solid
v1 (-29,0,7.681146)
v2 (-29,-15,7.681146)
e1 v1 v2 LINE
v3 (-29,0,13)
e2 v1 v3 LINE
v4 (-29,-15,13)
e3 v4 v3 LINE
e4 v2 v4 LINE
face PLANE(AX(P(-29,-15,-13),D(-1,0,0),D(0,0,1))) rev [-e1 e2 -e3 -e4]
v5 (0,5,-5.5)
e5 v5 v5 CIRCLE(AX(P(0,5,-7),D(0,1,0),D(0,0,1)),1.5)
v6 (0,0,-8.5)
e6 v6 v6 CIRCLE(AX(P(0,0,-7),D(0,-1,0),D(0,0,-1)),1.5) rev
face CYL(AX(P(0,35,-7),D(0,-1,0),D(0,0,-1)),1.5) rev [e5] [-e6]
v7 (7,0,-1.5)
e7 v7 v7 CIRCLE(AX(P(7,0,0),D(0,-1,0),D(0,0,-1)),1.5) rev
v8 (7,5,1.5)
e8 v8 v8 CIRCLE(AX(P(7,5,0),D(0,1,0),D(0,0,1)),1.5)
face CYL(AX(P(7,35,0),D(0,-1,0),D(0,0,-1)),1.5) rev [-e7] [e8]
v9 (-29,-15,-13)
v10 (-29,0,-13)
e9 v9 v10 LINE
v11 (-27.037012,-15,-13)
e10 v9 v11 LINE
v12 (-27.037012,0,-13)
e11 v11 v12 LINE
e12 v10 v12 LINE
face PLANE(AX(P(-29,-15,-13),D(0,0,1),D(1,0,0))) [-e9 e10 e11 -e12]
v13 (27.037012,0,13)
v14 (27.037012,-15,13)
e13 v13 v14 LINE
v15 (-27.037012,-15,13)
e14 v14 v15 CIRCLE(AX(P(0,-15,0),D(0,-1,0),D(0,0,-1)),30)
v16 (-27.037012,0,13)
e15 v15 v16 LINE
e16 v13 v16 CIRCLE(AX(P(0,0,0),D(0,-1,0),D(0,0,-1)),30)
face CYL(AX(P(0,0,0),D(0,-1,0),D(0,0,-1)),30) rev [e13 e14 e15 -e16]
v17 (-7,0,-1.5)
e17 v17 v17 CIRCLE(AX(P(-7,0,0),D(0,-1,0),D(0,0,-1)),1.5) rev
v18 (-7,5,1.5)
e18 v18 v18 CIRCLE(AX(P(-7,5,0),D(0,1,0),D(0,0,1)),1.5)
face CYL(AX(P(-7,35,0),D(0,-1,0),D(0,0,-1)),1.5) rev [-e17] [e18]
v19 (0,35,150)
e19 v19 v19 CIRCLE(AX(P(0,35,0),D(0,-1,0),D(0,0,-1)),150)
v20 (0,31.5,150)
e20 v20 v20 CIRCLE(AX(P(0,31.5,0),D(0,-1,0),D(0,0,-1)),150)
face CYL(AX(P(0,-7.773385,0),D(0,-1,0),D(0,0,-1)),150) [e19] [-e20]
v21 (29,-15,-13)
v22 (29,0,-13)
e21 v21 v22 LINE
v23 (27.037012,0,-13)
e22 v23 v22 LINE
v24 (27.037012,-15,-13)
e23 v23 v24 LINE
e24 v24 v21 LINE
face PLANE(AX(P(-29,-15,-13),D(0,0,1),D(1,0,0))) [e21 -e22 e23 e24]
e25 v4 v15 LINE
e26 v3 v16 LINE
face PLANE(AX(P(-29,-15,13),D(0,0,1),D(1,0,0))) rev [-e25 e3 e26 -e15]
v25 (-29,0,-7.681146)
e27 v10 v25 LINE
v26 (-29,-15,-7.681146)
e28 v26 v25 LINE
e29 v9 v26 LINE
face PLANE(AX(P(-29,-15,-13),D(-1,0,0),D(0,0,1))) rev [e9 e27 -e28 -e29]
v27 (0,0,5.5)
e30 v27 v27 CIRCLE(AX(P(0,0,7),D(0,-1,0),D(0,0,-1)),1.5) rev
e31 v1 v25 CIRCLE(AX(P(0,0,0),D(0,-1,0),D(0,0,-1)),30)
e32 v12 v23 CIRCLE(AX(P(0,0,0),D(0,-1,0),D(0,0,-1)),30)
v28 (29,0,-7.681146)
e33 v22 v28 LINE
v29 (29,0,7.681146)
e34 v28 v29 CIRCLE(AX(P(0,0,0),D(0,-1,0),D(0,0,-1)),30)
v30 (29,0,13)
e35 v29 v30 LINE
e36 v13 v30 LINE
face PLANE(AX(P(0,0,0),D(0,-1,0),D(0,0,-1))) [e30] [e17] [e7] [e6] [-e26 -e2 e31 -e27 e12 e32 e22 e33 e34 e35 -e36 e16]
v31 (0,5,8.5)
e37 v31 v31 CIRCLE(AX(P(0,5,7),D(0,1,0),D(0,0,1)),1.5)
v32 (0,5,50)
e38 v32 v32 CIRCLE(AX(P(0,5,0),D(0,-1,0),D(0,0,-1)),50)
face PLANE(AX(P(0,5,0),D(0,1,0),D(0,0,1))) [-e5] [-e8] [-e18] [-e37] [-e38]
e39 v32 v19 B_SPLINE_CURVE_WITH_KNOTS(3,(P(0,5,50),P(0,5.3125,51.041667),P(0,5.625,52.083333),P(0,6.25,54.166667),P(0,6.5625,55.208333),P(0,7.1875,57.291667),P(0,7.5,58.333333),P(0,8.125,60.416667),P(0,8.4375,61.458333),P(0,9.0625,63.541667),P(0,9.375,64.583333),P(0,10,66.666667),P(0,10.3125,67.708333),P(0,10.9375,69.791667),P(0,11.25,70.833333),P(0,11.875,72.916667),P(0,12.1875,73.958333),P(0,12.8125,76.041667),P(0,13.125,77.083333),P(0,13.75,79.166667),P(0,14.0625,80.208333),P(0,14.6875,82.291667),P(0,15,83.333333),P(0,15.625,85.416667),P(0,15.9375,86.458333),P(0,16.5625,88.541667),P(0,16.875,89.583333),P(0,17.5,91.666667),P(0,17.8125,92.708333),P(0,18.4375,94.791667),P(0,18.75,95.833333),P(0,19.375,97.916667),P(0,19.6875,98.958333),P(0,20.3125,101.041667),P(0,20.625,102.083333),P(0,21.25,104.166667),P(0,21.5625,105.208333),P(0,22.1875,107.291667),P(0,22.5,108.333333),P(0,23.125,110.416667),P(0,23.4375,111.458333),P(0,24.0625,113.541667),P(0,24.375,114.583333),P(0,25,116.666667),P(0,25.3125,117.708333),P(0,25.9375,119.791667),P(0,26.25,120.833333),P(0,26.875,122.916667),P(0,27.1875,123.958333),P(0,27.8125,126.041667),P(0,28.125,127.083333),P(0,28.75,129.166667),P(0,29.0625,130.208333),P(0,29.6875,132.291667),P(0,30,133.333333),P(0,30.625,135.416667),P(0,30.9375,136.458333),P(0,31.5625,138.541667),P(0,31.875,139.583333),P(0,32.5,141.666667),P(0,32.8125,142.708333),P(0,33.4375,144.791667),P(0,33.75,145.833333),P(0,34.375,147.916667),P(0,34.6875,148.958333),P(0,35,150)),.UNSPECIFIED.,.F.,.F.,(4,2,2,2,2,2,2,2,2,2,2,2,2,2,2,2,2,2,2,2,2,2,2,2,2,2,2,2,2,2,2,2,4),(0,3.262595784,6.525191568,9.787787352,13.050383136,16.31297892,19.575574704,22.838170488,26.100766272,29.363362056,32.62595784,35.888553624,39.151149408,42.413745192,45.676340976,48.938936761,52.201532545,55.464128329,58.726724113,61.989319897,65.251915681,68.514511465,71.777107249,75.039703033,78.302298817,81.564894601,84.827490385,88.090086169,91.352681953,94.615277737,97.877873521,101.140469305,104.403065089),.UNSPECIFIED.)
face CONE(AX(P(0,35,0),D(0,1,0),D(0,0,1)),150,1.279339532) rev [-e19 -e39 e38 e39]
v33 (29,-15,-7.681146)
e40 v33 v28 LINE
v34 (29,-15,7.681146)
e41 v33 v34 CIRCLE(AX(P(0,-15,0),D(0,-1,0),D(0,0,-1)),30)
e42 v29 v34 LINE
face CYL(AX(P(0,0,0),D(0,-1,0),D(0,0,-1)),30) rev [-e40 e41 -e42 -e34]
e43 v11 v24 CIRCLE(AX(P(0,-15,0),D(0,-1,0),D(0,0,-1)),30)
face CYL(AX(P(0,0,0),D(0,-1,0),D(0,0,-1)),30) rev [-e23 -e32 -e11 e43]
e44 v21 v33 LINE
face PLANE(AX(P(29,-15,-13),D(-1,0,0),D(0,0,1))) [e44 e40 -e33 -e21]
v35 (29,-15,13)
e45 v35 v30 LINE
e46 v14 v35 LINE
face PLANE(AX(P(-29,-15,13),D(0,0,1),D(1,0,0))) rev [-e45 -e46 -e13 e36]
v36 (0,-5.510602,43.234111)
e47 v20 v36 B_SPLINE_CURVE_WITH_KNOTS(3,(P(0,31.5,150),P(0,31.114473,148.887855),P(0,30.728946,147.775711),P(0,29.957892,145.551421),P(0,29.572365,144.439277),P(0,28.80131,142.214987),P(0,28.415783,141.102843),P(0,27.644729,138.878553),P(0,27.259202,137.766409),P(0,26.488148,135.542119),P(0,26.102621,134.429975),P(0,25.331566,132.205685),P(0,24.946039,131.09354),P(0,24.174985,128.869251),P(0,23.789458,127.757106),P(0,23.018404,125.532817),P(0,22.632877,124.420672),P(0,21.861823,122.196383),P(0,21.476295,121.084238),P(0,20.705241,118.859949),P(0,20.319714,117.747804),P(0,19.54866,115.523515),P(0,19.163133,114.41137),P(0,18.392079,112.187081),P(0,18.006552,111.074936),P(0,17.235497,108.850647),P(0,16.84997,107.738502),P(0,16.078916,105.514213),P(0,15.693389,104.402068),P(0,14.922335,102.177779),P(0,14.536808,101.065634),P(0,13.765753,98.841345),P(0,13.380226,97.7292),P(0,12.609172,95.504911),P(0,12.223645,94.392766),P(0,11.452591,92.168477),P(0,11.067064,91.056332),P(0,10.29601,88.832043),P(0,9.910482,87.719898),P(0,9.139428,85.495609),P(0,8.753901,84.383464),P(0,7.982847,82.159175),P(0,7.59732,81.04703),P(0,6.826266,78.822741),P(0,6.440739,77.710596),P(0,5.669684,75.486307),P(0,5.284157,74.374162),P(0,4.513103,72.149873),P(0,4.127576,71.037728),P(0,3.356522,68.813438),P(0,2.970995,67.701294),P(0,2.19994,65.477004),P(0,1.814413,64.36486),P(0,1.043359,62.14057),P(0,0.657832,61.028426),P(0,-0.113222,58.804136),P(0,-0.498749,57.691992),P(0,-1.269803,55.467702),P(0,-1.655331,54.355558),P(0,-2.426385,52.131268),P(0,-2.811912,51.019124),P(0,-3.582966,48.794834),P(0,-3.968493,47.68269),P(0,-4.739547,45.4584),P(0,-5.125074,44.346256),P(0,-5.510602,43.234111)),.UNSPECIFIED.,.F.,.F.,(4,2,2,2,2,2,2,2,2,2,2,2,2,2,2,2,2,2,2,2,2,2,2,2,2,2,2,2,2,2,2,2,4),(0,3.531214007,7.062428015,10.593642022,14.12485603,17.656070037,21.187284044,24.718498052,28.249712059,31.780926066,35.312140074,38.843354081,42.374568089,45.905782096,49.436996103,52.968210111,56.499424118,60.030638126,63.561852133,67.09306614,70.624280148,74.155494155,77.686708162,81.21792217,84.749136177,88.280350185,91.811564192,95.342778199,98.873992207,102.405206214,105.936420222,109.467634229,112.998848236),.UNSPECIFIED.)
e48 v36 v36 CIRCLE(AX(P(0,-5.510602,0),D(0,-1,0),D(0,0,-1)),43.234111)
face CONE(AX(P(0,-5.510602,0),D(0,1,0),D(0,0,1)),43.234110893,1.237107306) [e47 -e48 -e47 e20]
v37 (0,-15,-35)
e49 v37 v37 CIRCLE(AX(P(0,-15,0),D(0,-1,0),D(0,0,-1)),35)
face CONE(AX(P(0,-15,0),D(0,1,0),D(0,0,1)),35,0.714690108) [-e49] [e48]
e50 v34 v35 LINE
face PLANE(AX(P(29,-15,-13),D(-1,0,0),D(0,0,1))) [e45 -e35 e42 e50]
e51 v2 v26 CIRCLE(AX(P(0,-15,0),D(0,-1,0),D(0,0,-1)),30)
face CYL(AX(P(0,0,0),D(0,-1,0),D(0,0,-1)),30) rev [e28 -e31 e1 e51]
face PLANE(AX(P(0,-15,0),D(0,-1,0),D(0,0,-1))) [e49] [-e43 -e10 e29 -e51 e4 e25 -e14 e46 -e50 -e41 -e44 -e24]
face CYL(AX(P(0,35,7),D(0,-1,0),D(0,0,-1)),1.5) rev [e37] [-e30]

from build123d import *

# Parameters (mm, degrees)
SKETCH3_R          = 1.5
CUT_EXTRUDE1_DEPTH = 218.944947177
SKETCH4_R          = 30
CUT_EXTRUDE2_DEPTH = 15
SKETCH5_W          = 58
SKETCH5_H          = 26
CUT_EXTRUDE3_DEPTH = 216


with BuildPart() as part:
    # Sketch2 → Revolve1 (revolve)
    with BuildSketch(Plane.XY, mode=Mode.PRIVATE) as revolve1_sk:
        Polygon((0, 0), (35, 0), (43.234110893, 9.489398467), (150, 46.5), (150, 50), (50, 20), (0, 20), (0, 7.226614915), align=None)
    revolve(revolve1_sk.sketch.rotate(Axis((0, 7.226614915, 0), (0, 1, 0)), 270), axis=Axis((0, 7.226614915, 0), (0, 1, 0)))

    # Sketch3 → Cut-Extrude1 (cut, through all)
    with BuildSketch(Plane.XZ):
        with Locations(Location((0, 7, 0), (0, 0, 270))):
            Circle(SKETCH3_R)
        with Locations(Location((7, 0, 0), (0, 0, 270))):
            Circle(SKETCH3_R)
        with Locations(Location((0, -7, 0), (0, 0, 270))):
            Circle(SKETCH3_R)
        with Locations(Location((-7, 0, 0), (0, 0, 270))):
            Circle(SKETCH3_R)
    extrude(amount=-CUT_EXTRUDE1_DEPTH, mode=Mode.SUBTRACT)

    # Sketch4 → Cut-Extrude2 (cut)
    with BuildSketch(Plane.XZ):
        with Locations(Location((0, 0, 0), (0, 0, 270))):
            Circle(SKETCH4_R)
    extrude(amount=-CUT_EXTRUDE2_DEPTH, mode=Mode.SUBTRACT)

    # Sketch5 → Cut-Extrude3 (cut, through all)
    with BuildSketch(Plane.XZ.offset(-15)):
        Rectangle(SKETCH5_W, SKETCH5_H)
    extrude(amount=CUT_EXTRUDE3_DEPTH, mode=Mode.SUBTRACT)


with BuildPart() as part_1:
    # Body-Move/Copy1: moved
    add(part.part.moved(Location((0, -15, 0))))


solid = part_1.part
